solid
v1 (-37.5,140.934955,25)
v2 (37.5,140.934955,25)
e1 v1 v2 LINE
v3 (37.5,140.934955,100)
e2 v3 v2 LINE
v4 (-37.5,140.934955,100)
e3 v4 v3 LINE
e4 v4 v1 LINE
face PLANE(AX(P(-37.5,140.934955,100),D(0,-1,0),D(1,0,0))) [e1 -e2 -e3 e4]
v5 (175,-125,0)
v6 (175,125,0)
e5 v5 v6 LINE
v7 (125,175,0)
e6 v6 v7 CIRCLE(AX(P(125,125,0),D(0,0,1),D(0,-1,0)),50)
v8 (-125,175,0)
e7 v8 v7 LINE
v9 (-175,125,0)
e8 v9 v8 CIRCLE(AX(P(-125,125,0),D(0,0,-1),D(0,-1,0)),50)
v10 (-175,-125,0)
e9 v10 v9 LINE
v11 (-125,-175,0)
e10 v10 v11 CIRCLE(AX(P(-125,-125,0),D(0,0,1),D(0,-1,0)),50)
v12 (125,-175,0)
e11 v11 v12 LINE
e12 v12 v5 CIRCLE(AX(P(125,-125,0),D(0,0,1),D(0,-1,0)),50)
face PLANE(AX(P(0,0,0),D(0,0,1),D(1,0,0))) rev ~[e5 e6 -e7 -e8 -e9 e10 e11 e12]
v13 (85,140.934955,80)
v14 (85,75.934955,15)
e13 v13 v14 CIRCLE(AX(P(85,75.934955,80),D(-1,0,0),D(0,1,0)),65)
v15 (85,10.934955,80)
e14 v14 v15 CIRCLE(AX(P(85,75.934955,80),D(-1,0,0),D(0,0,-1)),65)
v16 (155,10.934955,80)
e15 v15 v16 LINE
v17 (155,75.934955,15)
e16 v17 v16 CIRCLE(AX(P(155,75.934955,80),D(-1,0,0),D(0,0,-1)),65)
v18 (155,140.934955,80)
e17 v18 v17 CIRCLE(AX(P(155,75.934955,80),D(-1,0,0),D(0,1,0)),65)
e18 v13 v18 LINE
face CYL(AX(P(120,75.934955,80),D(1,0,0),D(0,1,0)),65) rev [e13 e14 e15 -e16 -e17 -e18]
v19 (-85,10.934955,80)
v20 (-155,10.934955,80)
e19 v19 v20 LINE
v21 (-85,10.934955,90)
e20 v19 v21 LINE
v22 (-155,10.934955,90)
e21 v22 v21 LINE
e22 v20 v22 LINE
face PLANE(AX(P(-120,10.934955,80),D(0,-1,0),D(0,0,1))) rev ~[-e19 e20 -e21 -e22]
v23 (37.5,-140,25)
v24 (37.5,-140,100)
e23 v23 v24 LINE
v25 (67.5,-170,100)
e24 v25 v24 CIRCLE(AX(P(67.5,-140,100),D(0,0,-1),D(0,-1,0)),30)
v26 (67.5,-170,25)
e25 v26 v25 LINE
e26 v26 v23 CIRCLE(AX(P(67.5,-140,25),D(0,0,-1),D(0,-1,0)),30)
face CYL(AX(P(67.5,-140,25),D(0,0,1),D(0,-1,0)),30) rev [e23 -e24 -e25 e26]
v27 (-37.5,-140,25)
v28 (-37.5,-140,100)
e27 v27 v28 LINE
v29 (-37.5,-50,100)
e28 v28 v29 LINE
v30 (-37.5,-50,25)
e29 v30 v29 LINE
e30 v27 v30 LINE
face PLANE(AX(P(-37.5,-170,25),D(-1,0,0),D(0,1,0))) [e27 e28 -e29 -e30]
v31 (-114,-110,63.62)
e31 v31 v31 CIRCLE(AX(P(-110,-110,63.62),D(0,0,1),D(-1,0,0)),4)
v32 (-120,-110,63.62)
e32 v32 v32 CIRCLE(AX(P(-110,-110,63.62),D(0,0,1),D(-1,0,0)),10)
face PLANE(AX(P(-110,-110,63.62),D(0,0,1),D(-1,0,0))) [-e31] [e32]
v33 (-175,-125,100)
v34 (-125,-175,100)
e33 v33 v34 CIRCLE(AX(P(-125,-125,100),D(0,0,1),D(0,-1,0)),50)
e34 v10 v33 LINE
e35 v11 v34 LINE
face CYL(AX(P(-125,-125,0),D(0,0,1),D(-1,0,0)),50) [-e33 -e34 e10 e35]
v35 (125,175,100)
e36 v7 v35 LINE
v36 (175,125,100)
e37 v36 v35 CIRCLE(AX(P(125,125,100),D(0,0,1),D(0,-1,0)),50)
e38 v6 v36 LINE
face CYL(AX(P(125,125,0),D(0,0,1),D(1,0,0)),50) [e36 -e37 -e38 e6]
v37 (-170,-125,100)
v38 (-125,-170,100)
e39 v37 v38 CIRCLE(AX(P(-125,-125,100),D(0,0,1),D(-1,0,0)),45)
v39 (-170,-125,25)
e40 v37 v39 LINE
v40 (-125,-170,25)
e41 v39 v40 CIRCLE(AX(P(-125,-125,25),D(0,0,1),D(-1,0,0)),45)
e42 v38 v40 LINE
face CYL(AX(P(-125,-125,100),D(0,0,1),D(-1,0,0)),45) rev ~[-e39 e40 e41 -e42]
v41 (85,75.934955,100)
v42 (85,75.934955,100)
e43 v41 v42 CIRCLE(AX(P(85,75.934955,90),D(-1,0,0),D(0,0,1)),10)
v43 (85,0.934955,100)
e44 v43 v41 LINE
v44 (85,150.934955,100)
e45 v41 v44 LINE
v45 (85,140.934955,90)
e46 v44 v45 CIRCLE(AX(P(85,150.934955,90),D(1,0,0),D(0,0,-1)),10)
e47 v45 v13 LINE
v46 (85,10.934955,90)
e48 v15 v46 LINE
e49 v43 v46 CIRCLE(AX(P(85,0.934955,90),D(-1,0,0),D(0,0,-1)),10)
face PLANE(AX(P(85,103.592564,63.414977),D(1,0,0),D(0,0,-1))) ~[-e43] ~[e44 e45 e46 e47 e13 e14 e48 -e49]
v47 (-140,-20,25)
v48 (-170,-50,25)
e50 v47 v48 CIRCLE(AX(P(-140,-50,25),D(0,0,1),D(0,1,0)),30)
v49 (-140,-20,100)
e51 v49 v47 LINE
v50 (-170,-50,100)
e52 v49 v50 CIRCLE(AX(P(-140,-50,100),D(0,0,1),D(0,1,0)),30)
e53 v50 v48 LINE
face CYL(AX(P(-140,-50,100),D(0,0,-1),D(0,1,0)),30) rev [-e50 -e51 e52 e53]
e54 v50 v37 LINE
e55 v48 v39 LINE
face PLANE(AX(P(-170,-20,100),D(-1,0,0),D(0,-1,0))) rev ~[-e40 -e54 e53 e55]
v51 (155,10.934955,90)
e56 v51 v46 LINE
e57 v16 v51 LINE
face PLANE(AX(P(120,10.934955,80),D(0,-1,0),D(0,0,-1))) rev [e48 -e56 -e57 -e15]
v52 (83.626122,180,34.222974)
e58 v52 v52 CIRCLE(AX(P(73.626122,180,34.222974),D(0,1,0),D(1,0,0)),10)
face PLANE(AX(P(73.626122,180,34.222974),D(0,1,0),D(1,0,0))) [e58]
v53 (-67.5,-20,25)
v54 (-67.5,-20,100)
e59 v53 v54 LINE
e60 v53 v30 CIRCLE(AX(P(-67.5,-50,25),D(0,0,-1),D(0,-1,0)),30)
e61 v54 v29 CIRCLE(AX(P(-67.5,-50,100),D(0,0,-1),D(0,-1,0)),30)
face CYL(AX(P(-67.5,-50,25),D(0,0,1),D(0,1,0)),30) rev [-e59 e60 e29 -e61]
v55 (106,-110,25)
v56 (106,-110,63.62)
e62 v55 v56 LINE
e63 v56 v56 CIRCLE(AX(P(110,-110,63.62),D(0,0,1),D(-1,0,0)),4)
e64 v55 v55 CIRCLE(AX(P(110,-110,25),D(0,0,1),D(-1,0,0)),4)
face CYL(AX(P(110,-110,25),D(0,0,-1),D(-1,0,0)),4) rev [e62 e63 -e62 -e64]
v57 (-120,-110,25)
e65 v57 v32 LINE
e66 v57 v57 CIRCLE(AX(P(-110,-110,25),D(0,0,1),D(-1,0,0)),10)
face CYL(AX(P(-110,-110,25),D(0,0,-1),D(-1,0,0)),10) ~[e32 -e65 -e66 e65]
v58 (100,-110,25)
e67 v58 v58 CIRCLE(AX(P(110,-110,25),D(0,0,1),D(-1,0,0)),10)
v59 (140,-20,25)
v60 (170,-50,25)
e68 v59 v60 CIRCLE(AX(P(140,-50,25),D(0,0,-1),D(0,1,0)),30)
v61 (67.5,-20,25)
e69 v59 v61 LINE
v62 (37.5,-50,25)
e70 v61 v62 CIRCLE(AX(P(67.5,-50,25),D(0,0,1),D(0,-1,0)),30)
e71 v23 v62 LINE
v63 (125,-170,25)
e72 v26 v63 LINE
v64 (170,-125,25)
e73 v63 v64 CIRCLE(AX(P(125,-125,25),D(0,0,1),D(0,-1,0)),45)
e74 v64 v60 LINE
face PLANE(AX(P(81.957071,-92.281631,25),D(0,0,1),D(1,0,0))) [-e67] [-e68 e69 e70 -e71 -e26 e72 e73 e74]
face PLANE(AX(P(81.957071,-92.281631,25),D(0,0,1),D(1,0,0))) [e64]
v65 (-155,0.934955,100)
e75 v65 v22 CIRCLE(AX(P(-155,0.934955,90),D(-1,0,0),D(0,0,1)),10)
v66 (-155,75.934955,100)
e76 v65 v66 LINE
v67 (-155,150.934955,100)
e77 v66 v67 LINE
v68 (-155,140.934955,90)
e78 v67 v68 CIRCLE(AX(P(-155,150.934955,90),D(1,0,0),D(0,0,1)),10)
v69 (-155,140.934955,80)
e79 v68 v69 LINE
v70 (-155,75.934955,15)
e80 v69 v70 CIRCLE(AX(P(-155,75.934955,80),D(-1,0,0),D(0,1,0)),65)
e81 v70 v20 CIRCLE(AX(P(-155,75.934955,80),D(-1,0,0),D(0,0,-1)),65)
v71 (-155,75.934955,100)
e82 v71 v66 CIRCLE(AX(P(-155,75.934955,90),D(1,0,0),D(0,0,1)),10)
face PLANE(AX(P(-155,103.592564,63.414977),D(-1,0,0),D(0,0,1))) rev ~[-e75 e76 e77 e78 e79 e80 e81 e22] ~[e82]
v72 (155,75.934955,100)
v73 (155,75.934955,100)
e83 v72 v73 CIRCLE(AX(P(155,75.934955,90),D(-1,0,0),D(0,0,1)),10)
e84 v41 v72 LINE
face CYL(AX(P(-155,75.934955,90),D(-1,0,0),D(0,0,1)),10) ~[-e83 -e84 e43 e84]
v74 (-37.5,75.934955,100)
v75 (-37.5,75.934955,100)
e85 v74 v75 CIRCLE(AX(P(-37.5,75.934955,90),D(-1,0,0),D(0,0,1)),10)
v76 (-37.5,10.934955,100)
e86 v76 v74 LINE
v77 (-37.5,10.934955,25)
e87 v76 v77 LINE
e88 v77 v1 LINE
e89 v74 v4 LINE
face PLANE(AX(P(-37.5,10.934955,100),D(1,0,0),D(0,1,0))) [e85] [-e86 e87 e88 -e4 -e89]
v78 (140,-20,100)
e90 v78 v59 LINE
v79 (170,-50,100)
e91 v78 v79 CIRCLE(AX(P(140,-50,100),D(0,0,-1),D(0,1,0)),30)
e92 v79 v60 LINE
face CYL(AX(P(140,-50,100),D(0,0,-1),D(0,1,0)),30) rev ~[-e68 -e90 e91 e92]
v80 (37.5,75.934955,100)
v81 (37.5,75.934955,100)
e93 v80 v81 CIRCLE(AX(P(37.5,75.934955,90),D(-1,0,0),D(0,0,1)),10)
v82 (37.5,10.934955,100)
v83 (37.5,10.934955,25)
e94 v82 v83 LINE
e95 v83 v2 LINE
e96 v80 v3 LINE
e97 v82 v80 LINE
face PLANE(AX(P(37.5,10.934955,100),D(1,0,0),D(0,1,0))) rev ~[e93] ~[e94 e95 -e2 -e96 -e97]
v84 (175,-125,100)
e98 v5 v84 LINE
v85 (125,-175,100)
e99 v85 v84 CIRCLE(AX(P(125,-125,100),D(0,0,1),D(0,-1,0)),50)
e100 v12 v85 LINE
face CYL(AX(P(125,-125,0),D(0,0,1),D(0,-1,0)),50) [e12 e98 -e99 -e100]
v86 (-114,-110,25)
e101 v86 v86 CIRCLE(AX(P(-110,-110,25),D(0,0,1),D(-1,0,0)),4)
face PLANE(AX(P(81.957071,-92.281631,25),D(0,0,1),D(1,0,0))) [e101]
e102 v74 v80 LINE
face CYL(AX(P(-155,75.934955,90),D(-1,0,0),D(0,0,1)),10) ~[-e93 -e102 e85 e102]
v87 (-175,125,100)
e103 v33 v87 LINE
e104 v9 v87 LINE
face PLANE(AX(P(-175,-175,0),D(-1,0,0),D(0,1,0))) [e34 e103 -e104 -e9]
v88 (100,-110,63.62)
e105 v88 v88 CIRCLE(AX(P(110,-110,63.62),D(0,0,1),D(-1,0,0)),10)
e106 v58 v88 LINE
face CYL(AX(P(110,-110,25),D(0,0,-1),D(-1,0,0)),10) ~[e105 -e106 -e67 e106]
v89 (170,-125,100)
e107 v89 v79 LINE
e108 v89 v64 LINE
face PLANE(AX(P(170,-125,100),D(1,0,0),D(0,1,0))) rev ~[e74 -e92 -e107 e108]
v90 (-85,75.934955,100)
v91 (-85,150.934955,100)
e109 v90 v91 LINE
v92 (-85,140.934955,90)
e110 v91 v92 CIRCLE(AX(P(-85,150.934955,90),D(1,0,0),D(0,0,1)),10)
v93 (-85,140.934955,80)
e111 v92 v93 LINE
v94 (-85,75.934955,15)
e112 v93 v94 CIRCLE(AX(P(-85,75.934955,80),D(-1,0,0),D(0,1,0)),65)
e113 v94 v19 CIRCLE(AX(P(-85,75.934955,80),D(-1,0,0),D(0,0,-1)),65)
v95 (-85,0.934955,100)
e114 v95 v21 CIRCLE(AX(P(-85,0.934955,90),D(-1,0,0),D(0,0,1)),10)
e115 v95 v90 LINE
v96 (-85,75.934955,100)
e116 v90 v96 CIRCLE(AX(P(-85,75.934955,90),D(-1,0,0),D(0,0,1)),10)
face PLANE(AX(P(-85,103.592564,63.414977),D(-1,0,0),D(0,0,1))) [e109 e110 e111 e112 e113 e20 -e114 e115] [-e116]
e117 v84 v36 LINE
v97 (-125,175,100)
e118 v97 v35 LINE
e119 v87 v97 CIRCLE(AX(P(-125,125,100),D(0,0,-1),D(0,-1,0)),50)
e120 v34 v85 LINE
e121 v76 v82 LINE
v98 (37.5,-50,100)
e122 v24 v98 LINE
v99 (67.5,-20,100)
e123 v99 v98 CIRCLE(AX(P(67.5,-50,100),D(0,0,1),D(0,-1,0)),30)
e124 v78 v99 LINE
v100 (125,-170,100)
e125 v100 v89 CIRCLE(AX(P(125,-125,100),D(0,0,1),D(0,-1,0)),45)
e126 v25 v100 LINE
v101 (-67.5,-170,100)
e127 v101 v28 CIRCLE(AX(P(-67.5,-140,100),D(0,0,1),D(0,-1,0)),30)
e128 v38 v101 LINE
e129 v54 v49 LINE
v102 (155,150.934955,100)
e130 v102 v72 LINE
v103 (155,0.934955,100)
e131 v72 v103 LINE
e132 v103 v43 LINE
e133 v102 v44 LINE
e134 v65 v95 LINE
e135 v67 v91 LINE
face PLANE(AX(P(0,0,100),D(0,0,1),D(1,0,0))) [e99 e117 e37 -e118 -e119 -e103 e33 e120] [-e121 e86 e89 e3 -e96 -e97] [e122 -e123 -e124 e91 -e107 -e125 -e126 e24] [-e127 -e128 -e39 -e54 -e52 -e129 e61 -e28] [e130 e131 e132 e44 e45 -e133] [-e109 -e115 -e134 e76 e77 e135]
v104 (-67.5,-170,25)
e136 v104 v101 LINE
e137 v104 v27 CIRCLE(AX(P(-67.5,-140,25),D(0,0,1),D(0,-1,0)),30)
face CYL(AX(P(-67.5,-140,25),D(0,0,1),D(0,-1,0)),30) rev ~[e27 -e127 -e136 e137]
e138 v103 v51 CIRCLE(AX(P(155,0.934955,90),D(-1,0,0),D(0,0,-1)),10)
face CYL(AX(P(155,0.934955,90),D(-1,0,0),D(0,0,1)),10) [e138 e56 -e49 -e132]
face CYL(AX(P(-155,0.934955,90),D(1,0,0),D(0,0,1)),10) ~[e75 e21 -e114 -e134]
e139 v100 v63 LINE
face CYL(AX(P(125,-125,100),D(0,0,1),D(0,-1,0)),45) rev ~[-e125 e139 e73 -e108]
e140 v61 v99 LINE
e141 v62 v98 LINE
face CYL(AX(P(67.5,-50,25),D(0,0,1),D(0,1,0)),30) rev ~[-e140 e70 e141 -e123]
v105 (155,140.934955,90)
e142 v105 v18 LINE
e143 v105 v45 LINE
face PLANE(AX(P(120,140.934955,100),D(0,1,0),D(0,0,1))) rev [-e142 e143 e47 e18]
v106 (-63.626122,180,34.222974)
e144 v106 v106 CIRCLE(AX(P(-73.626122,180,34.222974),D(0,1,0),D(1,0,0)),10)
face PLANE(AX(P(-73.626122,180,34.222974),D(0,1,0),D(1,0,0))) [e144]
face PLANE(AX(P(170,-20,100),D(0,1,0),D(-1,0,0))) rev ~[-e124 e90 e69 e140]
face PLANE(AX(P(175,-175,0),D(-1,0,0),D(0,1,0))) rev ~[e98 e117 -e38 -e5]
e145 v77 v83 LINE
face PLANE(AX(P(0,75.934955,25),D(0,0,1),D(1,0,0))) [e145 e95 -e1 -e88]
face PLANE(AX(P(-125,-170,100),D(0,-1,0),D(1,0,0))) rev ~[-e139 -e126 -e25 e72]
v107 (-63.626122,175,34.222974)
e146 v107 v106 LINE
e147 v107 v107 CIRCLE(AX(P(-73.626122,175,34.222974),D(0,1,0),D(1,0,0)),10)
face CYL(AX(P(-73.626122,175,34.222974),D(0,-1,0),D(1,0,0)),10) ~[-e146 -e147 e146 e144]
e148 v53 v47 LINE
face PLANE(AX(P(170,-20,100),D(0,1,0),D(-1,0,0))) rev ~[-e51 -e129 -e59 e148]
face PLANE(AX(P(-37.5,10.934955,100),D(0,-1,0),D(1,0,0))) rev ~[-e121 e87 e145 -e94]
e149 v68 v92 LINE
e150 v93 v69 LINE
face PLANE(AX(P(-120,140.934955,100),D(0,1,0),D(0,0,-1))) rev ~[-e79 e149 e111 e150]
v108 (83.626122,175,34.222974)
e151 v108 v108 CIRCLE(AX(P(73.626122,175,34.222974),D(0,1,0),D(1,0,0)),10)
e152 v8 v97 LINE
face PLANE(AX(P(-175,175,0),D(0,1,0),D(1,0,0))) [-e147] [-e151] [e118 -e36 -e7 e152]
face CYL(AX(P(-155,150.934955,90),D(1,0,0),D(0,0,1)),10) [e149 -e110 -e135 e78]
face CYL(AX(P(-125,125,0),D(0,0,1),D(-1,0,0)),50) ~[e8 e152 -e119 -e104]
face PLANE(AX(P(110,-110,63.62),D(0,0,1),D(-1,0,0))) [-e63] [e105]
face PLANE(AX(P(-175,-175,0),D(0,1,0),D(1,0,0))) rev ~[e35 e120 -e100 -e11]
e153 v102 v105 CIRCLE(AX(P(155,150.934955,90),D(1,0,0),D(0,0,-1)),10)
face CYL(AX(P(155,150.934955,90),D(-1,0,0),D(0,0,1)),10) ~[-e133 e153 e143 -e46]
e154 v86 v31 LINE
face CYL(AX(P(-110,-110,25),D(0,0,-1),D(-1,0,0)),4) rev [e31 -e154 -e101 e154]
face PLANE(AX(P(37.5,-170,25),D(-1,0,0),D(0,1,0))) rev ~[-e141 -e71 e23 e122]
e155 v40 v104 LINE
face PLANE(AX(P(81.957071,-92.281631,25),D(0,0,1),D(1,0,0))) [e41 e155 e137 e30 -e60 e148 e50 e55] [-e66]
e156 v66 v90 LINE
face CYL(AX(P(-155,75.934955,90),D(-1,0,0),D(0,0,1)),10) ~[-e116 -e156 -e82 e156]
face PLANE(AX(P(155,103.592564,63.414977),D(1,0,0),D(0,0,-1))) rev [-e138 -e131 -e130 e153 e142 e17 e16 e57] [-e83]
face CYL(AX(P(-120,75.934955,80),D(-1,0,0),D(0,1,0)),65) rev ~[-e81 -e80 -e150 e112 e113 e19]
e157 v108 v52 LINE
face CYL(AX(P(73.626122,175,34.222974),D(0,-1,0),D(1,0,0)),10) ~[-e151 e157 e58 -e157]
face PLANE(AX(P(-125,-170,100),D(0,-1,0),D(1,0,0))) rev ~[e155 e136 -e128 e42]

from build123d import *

# Parameters (mm, degrees)
SKETCH_1_W          = 350
SKETCH_1_H          = 350
EXTRUDE_1_DEPTH     = 100
FILLET_1_R          = 50
CUT_EXTRUDE_1_DEPTH = 35
SKETCH_4_W          = 75
SKETCH_4_H          = 130
CUT_EXTRUDE_2_DEPTH = 75
EXTRUDE_3_REACH     = 388.685
SKETCH_5_R          = 10
FILLET_2_R          = 10
CUT_EXTRUDE_3_DEPTH = 75
SKETCH_7_R          = 10
SKETCH_7_R_2        = 4
EXTRUDE_4_DEPTH     = 38.62
SKETCH_8_W          = 75
SKETCH_8_H          = 150
EXTRUDE_5_DEPTH     = 75
FILLET_3_R          = 30
SKETCH_9_R          = 10
EXTRUDE_6_DEPTH     = 5


with BuildPart() as part:
    # 草图1 → 凸台-拉伸1 (new body)
    with BuildSketch(Plane.XY):
        Rectangle(SKETCH_1_W, SKETCH_1_H)
    extrude(amount=EXTRUDE_1_DEPTH)

    # 圆角1
    fillet_1_edges = [part.edges().sort_by_distance(p)[0] for p in [
        (-175, 175, 50),
        (175, 175, 50),
        (175, -175, 50),
        (-175, -175, 50),
    ]]
    fillet(fillet_1_edges, radius=FILLET_1_R)

    # 草图3 → 切除-拉伸1 (cut, symmetric)
    with BuildSketch(Plane.ZY.offset(120)):
        with BuildLine():
            Line((15, 75.934955472), (100, 75.934955472))
            Line((100, 75.934955472), (100, 140.934955472))
            Line((100, 140.934955472), (80, 140.934955472))
            ThreePointArc((80, 140.934955472), (34.038059223, 121.896896249), (15, 75.934955472))
        make_face()
        with BuildLine():
            Line((100, 10.934955472), (100, 75.934955472))
            Line((100, 75.934955472), (15, 75.934955472))
            ThreePointArc((15, 75.934955472), (34.038059223, 29.973014695), (80, 10.934955472))
            Line((80, 10.934955472), (100, 10.934955472))
        make_face()
    cut_extrude_1 = extrude(amount=CUT_EXTRUDE_1_DEPTH, both=True, mode=Mode.SUBTRACT)

    # 镜向1: 切除-拉伸1 across plane
    add(cut_extrude_1.mirror(Plane(origin=(0, 0, 0), x_dir=(0, 0, 1), z_dir=(1, 0, 0))), mode=Mode.SUBTRACT)

    # 草图4 → 切除-拉伸2 (cut)
    with BuildSketch(Plane.XY.offset(100)):
        with Locations((0, 75.934955472)):
            Rectangle(SKETCH_4_W, SKETCH_4_H)
    extrude(amount=-CUT_EXTRUDE_2_DEPTH, mode=Mode.SUBTRACT)

    # 凸台-拉伸3: up to this face of the body (flat: up to its plane)
    extrude_3_end = Plane(part.part.faces().sort_by_distance((155, 75.934955472, 62.993408065))[0])
    # 草图5 → 凸台-拉伸3 (add, up to the picked face)
    with BuildSketch(Plane(origin=(-155, 0, 0), x_dir=(0, 0, -1), z_dir=(1, 0, 0)), mode=Mode.PRIVATE) as extrude_3_sk1:
        with Locations(Location((-90, 75.934955472, 0), (0, 0, 180))):
            Circle(SKETCH_5_R)
    extrude_3_tool1 = split(extrude(extrude_3_sk1.sketch, amount=EXTRUDE_3_REACH, mode=Mode.PRIVATE), bisect_by=extrude_3_end, keep=Keep.BOTH, mode=Mode.PRIVATE)
    add(extrude_3_tool1.solids().sort_by(Axis((-155, 75.934955, 90), (1, 0, 0)))[0])

    # 圆角2
    fillet_2_edges = [part.edges().sort_by_distance(p)[0] for p in [
        (-120, 10.934955472, 100),
        (-120, 140.934955472, 100),
        (120, 140.934955472, 100),
        (120, 10.934955472, 100),
    ]]
    fillet(fillet_2_edges, radius=FILLET_2_R)

    # 草图6 → 切除-拉伸3 (cut)
    with BuildSketch(Plane.XY.offset(100)):
        with BuildLine():
            Line((170, -20), (0, -20))
            Line((0, -20), (0, -170))
            Line((0, -170), (125, -170))
            ThreePointArc((125, -170), (156.819805153, -156.819805153), (170, -125))
            Line((170, -125), (170, -20))
        make_face()
        with BuildLine():
            Line((0, -170), (0, -20))
            Line((0, -20), (-170, -20))
            Line((-170, -20), (-170, -125))
            ThreePointArc((-170, -125), (-156.819805153, -156.819805153), (-125, -170))
            Line((-125, -170), (0, -170))
        make_face()
    extrude(amount=-CUT_EXTRUDE_3_DEPTH, mode=Mode.SUBTRACT)

    # 草图7 → 凸台-拉伸4 (add)
    # profile 1 of 2: a face of its own
    with BuildSketch(Plane.XY.offset(25)):
        with Locations(Location((110, -110, 0), (0, 0, 180))):
            Circle(SKETCH_7_R)
        with Locations(Location((110, -110, 0), (0, 0, 180))):
            Circle(SKETCH_7_R_2, mode=Mode.SUBTRACT)
    # profile 2 of 2: a face of its own
    with BuildSketch(Plane.XY.offset(25)):
        with Locations(Location((-110, -110, 0), (0, 0, 180))):
            Circle(SKETCH_7_R)
        with Locations(Location((-110, -110, 0), (0, 0, 180))):
            Circle(SKETCH_7_R_2, mode=Mode.SUBTRACT)
    extrude(amount=EXTRUDE_4_DEPTH)

    # 草图8 → 凸台-拉伸5 (add)
    with BuildSketch(Plane.XY.offset(25)):
        with Locations((0, -95)):
            Rectangle(SKETCH_8_W, SKETCH_8_H)
    extrude(amount=EXTRUDE_5_DEPTH)

    # 圆角3
    fillet_3_edges = [part.edges().sort_by_distance(p)[0] for p in [
        (-170, -20, 62.5),
        (170, -20, 62.5),
        (-37.5, -170, 62.5),
        (37.5, -170, 62.5),
        (37.5, -20, 62.5),
        (-37.5, -20, 62.5),
    ]]
    fillet(fillet_3_edges, radius=FILLET_3_R)

    # 草图9 → 凸台-拉伸6 (add)
    with BuildSketch(Plane(origin=(0, 175, 0), x_dir=(1, 0, 0), z_dir=(0, 1, 0))):
        with Locations((-73.626122366, -34.222973779)):
            Circle(SKETCH_9_R)
        with Locations((73.626122366, -34.222973779)):
            Circle(SKETCH_9_R)
    extrude(amount=EXTRUDE_6_DEPTH)


solid = part.part
